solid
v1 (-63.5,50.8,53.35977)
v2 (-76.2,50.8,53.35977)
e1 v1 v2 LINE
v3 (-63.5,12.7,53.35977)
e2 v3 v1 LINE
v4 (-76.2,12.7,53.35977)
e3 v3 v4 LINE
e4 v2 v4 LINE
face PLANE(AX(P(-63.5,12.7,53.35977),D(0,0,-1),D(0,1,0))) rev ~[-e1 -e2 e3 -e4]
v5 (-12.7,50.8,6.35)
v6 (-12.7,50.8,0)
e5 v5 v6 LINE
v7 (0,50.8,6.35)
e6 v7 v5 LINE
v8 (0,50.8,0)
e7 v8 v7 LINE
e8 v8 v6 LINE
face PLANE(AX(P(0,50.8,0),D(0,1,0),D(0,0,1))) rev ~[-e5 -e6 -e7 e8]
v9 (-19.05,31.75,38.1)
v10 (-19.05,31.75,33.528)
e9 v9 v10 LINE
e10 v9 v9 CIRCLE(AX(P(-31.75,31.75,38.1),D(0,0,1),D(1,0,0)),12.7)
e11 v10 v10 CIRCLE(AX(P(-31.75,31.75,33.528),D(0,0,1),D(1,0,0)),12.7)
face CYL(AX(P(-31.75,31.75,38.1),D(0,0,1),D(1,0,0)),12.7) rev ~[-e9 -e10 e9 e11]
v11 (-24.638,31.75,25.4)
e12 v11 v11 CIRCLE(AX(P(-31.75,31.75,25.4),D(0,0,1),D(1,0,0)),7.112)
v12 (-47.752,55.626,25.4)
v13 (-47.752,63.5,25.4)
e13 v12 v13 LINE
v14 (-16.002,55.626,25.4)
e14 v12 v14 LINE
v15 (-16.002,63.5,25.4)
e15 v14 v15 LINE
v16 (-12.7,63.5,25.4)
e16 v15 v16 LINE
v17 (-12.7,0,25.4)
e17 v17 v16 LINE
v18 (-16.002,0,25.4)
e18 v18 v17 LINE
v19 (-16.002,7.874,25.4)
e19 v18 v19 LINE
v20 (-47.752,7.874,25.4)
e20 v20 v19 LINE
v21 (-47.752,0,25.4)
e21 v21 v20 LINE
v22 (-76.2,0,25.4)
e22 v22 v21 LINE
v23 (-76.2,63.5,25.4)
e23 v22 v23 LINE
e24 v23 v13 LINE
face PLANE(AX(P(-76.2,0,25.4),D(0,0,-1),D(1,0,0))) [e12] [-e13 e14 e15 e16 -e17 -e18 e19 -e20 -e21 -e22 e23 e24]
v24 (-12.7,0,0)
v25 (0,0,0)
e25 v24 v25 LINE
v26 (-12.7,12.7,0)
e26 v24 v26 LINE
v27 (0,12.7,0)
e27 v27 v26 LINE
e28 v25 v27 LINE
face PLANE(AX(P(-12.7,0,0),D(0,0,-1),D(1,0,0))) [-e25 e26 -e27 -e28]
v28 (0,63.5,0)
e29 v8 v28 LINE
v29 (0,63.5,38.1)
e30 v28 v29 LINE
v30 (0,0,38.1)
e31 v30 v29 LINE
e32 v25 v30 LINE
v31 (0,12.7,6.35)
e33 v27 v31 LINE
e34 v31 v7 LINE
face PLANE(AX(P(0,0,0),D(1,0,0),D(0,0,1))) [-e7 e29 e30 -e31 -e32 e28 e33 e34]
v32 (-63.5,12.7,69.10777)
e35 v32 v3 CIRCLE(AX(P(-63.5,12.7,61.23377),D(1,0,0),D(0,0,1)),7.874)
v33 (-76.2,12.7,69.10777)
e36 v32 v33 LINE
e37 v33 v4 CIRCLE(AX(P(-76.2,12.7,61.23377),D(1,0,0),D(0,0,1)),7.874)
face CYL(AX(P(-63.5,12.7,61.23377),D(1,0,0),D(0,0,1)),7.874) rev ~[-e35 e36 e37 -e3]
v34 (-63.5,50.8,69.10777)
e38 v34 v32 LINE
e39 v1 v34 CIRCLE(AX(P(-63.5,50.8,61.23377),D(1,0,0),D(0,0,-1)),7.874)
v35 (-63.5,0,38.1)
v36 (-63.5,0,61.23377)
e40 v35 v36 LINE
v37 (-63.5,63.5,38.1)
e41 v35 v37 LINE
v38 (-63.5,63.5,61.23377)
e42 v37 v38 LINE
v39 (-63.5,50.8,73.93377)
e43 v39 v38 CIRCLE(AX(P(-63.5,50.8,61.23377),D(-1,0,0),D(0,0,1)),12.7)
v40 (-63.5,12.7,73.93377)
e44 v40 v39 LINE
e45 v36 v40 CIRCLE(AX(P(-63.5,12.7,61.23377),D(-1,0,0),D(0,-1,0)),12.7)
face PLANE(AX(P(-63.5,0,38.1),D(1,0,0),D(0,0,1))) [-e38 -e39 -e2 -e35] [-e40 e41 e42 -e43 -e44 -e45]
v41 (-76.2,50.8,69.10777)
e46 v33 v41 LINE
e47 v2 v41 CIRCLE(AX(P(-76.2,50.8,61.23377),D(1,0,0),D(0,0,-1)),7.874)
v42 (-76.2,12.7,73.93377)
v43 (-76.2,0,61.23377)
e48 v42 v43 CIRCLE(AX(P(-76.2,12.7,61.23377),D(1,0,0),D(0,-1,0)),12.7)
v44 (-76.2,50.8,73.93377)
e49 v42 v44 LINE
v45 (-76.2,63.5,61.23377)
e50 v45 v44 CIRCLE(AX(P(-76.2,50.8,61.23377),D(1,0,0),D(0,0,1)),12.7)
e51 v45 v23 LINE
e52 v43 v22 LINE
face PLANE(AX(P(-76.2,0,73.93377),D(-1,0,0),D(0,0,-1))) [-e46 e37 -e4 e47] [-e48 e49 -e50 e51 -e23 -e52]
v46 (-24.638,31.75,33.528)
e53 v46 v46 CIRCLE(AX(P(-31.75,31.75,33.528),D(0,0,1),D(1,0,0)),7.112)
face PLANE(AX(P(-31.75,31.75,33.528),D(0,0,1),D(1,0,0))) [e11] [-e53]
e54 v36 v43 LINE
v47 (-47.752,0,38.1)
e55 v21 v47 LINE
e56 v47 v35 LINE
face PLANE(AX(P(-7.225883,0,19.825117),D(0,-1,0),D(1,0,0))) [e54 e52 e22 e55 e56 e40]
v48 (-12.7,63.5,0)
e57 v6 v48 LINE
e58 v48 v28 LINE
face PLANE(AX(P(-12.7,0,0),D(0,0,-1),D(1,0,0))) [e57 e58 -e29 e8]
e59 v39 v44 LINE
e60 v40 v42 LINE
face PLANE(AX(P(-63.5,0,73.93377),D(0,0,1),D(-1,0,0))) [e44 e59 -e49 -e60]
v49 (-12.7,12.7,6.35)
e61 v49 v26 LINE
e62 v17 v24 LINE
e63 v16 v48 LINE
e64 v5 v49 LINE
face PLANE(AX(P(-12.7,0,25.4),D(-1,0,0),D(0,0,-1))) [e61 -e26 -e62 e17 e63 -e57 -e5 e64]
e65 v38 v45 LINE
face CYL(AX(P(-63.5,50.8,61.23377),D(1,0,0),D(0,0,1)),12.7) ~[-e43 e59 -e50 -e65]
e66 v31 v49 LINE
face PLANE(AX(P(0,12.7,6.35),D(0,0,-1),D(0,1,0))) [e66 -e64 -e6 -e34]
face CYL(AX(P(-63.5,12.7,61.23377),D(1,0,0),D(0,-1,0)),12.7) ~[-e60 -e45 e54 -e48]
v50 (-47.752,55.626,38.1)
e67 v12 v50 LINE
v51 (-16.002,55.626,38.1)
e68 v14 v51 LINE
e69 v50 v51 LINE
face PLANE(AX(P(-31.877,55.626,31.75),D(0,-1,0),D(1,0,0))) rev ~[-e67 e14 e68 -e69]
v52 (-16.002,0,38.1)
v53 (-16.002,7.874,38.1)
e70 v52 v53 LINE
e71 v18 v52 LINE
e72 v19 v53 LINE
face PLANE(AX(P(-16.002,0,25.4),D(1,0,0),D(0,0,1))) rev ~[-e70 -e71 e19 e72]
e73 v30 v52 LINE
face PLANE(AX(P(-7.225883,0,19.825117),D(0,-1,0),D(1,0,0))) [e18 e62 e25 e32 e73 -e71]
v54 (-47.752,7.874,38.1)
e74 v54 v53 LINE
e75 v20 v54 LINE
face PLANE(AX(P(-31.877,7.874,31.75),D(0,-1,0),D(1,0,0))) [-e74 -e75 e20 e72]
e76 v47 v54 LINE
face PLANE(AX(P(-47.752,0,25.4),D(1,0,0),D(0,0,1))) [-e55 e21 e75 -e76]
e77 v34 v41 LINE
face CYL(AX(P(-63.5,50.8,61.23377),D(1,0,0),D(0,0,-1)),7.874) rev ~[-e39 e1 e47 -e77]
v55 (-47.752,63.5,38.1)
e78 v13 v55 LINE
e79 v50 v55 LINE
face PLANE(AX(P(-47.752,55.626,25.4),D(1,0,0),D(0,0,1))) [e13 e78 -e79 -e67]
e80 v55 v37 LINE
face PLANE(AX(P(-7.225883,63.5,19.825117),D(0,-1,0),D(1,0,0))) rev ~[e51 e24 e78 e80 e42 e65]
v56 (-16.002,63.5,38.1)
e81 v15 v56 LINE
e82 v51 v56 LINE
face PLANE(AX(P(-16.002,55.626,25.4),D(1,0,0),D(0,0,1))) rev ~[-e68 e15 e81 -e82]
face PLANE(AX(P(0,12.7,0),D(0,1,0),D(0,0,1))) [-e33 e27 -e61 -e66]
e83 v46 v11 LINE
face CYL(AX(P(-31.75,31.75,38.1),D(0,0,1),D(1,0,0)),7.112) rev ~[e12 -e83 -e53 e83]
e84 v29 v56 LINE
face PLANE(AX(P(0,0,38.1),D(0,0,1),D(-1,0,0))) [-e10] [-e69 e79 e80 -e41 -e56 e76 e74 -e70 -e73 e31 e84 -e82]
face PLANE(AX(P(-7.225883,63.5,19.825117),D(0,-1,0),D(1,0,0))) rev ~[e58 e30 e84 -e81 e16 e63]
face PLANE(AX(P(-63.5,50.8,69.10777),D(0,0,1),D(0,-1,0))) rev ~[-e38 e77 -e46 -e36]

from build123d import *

# Parameters (mm, degrees)
F0_W      = 31.75
F0_H      = 12.7
F0_W_2    = 15.748
F1_DEPTH  = 63.5
F2_DEPTH  = 7.874
F3_START  = -55.626
F3_DEPTH  = 7.874
F4_W      = 38.1
F4_H      = 6.35
F5_DEPTH  = 25.4
F6_R      = 12.7
F6_R_2    = 7.112
F7_DEPTH  = 4.572
F8_DEPTH  = 25.4
F10_DEPTH = 25.4
F11_DEPTH = 25.4


with BuildPart() as f1:
    # F0 (on Front) → F1 (new body)
    with BuildSketch(Plane.XZ):
        Polygon((-12.7, 0), (0, 0), (0, 38.1), (-16.002, 38.1), (-16.002, 25.4), (-12.7, 25.4), align=None)
        with Locations((-31.877, 31.75)):
            Rectangle(F0_W, F0_H)
        with Locations((-55.626, 31.75)):
            Rectangle(F0_W_2, F0_H)
        Polygon((-63.5, 25.4), (-63.5, 38.1), (-63.5, 73.9337697108), (-76.2, 73.9337697108), (-76.2, 25.4), align=None)
    extrude(amount=-F1_DEPTH)

    # F0 (on Front) → F2 (cut)
    with BuildSketch(Plane.XZ):
        with Locations((-31.877, 31.75)):
            Rectangle(F0_W, F0_H)
    extrude(amount=-F2_DEPTH, mode=Mode.SUBTRACT)

    # F0 (on Front) → F3 (cut)
    with BuildSketch(Plane.XZ.offset(F3_START)):
        with Locations((-31.877, 31.75)):
            Rectangle(F0_W, F0_H)
    extrude(amount=-F3_DEPTH, mode=Mode.SUBTRACT)

    # F4 (on face) → F5 (cut)
    with BuildSketch(Plane.YZ):
        with Locations((31.75, 3.175)):
            Rectangle(F4_W, F4_H)
    extrude(amount=-F5_DEPTH, mode=Mode.SUBTRACT)

    # F6 (on face) → F7 (cut)
    with BuildSketch(Plane.XY.offset(38.1)):
        with Locations((-31.75, 31.75)):
            Circle(F6_R)
        with Locations((-31.75, 31.75)):
            Circle(F6_R_2, mode=Mode.SUBTRACT)
    extrude(amount=-F7_DEPTH, mode=Mode.SUBTRACT)

    # F8 (cut): a face of the model
    f8_faces = [f1.faces().sort_by_distance(p)[0] for p in [
        (-31.75, 31.75, 38.1),
    ]]
    extrude(f8_faces, amount=-F8_DEPTH, mode=Mode.SUBTRACT)

    # F9 (on face) → F10 (cut)
    with BuildSketch(Plane.YZ.offset(-63.5)):
        with BuildLine():
            Line((63.5, 73.9337697108), (50.8, 73.9337697108))
            ThreePointArc((50.8, 73.9337697108), (59.7802561211, 70.2140258318), (63.5, 61.2337697108))
            Line((63.5, 61.2337697108), (63.5, 73.9337697108))
        make_face()
        with BuildLine():
            ThreePointArc((0, 61.2337697108), (3.7197438789, 70.2140258318), (12.7, 73.9337697108))
            Line((12.7, 73.9337697108), (0, 73.9337697108))
            Line((0, 73.9337697108), (0, 61.2337697108))
        make_face()
    extrude(amount=-F10_DEPTH, mode=Mode.SUBTRACT)

    # F9 (on face) → F11 (cut)
    with BuildSketch(Plane.YZ.offset(-63.5)):
        with BuildLine():
            Line((50.8, 69.1077697108), (12.7, 69.1077697108))
            ThreePointArc((12.7, 69.1077697108), (4.826, 61.2337697108), (12.7, 53.3597697108))
            Line((12.7, 53.3597697108), (50.8, 53.3597697108))
            ThreePointArc((50.8, 53.3597697108), (58.674, 61.2337697108), (50.8, 69.1077697108))
        make_face()
    extrude(amount=-F11_DEPTH, mode=Mode.SUBTRACT)


solid = f1.part
